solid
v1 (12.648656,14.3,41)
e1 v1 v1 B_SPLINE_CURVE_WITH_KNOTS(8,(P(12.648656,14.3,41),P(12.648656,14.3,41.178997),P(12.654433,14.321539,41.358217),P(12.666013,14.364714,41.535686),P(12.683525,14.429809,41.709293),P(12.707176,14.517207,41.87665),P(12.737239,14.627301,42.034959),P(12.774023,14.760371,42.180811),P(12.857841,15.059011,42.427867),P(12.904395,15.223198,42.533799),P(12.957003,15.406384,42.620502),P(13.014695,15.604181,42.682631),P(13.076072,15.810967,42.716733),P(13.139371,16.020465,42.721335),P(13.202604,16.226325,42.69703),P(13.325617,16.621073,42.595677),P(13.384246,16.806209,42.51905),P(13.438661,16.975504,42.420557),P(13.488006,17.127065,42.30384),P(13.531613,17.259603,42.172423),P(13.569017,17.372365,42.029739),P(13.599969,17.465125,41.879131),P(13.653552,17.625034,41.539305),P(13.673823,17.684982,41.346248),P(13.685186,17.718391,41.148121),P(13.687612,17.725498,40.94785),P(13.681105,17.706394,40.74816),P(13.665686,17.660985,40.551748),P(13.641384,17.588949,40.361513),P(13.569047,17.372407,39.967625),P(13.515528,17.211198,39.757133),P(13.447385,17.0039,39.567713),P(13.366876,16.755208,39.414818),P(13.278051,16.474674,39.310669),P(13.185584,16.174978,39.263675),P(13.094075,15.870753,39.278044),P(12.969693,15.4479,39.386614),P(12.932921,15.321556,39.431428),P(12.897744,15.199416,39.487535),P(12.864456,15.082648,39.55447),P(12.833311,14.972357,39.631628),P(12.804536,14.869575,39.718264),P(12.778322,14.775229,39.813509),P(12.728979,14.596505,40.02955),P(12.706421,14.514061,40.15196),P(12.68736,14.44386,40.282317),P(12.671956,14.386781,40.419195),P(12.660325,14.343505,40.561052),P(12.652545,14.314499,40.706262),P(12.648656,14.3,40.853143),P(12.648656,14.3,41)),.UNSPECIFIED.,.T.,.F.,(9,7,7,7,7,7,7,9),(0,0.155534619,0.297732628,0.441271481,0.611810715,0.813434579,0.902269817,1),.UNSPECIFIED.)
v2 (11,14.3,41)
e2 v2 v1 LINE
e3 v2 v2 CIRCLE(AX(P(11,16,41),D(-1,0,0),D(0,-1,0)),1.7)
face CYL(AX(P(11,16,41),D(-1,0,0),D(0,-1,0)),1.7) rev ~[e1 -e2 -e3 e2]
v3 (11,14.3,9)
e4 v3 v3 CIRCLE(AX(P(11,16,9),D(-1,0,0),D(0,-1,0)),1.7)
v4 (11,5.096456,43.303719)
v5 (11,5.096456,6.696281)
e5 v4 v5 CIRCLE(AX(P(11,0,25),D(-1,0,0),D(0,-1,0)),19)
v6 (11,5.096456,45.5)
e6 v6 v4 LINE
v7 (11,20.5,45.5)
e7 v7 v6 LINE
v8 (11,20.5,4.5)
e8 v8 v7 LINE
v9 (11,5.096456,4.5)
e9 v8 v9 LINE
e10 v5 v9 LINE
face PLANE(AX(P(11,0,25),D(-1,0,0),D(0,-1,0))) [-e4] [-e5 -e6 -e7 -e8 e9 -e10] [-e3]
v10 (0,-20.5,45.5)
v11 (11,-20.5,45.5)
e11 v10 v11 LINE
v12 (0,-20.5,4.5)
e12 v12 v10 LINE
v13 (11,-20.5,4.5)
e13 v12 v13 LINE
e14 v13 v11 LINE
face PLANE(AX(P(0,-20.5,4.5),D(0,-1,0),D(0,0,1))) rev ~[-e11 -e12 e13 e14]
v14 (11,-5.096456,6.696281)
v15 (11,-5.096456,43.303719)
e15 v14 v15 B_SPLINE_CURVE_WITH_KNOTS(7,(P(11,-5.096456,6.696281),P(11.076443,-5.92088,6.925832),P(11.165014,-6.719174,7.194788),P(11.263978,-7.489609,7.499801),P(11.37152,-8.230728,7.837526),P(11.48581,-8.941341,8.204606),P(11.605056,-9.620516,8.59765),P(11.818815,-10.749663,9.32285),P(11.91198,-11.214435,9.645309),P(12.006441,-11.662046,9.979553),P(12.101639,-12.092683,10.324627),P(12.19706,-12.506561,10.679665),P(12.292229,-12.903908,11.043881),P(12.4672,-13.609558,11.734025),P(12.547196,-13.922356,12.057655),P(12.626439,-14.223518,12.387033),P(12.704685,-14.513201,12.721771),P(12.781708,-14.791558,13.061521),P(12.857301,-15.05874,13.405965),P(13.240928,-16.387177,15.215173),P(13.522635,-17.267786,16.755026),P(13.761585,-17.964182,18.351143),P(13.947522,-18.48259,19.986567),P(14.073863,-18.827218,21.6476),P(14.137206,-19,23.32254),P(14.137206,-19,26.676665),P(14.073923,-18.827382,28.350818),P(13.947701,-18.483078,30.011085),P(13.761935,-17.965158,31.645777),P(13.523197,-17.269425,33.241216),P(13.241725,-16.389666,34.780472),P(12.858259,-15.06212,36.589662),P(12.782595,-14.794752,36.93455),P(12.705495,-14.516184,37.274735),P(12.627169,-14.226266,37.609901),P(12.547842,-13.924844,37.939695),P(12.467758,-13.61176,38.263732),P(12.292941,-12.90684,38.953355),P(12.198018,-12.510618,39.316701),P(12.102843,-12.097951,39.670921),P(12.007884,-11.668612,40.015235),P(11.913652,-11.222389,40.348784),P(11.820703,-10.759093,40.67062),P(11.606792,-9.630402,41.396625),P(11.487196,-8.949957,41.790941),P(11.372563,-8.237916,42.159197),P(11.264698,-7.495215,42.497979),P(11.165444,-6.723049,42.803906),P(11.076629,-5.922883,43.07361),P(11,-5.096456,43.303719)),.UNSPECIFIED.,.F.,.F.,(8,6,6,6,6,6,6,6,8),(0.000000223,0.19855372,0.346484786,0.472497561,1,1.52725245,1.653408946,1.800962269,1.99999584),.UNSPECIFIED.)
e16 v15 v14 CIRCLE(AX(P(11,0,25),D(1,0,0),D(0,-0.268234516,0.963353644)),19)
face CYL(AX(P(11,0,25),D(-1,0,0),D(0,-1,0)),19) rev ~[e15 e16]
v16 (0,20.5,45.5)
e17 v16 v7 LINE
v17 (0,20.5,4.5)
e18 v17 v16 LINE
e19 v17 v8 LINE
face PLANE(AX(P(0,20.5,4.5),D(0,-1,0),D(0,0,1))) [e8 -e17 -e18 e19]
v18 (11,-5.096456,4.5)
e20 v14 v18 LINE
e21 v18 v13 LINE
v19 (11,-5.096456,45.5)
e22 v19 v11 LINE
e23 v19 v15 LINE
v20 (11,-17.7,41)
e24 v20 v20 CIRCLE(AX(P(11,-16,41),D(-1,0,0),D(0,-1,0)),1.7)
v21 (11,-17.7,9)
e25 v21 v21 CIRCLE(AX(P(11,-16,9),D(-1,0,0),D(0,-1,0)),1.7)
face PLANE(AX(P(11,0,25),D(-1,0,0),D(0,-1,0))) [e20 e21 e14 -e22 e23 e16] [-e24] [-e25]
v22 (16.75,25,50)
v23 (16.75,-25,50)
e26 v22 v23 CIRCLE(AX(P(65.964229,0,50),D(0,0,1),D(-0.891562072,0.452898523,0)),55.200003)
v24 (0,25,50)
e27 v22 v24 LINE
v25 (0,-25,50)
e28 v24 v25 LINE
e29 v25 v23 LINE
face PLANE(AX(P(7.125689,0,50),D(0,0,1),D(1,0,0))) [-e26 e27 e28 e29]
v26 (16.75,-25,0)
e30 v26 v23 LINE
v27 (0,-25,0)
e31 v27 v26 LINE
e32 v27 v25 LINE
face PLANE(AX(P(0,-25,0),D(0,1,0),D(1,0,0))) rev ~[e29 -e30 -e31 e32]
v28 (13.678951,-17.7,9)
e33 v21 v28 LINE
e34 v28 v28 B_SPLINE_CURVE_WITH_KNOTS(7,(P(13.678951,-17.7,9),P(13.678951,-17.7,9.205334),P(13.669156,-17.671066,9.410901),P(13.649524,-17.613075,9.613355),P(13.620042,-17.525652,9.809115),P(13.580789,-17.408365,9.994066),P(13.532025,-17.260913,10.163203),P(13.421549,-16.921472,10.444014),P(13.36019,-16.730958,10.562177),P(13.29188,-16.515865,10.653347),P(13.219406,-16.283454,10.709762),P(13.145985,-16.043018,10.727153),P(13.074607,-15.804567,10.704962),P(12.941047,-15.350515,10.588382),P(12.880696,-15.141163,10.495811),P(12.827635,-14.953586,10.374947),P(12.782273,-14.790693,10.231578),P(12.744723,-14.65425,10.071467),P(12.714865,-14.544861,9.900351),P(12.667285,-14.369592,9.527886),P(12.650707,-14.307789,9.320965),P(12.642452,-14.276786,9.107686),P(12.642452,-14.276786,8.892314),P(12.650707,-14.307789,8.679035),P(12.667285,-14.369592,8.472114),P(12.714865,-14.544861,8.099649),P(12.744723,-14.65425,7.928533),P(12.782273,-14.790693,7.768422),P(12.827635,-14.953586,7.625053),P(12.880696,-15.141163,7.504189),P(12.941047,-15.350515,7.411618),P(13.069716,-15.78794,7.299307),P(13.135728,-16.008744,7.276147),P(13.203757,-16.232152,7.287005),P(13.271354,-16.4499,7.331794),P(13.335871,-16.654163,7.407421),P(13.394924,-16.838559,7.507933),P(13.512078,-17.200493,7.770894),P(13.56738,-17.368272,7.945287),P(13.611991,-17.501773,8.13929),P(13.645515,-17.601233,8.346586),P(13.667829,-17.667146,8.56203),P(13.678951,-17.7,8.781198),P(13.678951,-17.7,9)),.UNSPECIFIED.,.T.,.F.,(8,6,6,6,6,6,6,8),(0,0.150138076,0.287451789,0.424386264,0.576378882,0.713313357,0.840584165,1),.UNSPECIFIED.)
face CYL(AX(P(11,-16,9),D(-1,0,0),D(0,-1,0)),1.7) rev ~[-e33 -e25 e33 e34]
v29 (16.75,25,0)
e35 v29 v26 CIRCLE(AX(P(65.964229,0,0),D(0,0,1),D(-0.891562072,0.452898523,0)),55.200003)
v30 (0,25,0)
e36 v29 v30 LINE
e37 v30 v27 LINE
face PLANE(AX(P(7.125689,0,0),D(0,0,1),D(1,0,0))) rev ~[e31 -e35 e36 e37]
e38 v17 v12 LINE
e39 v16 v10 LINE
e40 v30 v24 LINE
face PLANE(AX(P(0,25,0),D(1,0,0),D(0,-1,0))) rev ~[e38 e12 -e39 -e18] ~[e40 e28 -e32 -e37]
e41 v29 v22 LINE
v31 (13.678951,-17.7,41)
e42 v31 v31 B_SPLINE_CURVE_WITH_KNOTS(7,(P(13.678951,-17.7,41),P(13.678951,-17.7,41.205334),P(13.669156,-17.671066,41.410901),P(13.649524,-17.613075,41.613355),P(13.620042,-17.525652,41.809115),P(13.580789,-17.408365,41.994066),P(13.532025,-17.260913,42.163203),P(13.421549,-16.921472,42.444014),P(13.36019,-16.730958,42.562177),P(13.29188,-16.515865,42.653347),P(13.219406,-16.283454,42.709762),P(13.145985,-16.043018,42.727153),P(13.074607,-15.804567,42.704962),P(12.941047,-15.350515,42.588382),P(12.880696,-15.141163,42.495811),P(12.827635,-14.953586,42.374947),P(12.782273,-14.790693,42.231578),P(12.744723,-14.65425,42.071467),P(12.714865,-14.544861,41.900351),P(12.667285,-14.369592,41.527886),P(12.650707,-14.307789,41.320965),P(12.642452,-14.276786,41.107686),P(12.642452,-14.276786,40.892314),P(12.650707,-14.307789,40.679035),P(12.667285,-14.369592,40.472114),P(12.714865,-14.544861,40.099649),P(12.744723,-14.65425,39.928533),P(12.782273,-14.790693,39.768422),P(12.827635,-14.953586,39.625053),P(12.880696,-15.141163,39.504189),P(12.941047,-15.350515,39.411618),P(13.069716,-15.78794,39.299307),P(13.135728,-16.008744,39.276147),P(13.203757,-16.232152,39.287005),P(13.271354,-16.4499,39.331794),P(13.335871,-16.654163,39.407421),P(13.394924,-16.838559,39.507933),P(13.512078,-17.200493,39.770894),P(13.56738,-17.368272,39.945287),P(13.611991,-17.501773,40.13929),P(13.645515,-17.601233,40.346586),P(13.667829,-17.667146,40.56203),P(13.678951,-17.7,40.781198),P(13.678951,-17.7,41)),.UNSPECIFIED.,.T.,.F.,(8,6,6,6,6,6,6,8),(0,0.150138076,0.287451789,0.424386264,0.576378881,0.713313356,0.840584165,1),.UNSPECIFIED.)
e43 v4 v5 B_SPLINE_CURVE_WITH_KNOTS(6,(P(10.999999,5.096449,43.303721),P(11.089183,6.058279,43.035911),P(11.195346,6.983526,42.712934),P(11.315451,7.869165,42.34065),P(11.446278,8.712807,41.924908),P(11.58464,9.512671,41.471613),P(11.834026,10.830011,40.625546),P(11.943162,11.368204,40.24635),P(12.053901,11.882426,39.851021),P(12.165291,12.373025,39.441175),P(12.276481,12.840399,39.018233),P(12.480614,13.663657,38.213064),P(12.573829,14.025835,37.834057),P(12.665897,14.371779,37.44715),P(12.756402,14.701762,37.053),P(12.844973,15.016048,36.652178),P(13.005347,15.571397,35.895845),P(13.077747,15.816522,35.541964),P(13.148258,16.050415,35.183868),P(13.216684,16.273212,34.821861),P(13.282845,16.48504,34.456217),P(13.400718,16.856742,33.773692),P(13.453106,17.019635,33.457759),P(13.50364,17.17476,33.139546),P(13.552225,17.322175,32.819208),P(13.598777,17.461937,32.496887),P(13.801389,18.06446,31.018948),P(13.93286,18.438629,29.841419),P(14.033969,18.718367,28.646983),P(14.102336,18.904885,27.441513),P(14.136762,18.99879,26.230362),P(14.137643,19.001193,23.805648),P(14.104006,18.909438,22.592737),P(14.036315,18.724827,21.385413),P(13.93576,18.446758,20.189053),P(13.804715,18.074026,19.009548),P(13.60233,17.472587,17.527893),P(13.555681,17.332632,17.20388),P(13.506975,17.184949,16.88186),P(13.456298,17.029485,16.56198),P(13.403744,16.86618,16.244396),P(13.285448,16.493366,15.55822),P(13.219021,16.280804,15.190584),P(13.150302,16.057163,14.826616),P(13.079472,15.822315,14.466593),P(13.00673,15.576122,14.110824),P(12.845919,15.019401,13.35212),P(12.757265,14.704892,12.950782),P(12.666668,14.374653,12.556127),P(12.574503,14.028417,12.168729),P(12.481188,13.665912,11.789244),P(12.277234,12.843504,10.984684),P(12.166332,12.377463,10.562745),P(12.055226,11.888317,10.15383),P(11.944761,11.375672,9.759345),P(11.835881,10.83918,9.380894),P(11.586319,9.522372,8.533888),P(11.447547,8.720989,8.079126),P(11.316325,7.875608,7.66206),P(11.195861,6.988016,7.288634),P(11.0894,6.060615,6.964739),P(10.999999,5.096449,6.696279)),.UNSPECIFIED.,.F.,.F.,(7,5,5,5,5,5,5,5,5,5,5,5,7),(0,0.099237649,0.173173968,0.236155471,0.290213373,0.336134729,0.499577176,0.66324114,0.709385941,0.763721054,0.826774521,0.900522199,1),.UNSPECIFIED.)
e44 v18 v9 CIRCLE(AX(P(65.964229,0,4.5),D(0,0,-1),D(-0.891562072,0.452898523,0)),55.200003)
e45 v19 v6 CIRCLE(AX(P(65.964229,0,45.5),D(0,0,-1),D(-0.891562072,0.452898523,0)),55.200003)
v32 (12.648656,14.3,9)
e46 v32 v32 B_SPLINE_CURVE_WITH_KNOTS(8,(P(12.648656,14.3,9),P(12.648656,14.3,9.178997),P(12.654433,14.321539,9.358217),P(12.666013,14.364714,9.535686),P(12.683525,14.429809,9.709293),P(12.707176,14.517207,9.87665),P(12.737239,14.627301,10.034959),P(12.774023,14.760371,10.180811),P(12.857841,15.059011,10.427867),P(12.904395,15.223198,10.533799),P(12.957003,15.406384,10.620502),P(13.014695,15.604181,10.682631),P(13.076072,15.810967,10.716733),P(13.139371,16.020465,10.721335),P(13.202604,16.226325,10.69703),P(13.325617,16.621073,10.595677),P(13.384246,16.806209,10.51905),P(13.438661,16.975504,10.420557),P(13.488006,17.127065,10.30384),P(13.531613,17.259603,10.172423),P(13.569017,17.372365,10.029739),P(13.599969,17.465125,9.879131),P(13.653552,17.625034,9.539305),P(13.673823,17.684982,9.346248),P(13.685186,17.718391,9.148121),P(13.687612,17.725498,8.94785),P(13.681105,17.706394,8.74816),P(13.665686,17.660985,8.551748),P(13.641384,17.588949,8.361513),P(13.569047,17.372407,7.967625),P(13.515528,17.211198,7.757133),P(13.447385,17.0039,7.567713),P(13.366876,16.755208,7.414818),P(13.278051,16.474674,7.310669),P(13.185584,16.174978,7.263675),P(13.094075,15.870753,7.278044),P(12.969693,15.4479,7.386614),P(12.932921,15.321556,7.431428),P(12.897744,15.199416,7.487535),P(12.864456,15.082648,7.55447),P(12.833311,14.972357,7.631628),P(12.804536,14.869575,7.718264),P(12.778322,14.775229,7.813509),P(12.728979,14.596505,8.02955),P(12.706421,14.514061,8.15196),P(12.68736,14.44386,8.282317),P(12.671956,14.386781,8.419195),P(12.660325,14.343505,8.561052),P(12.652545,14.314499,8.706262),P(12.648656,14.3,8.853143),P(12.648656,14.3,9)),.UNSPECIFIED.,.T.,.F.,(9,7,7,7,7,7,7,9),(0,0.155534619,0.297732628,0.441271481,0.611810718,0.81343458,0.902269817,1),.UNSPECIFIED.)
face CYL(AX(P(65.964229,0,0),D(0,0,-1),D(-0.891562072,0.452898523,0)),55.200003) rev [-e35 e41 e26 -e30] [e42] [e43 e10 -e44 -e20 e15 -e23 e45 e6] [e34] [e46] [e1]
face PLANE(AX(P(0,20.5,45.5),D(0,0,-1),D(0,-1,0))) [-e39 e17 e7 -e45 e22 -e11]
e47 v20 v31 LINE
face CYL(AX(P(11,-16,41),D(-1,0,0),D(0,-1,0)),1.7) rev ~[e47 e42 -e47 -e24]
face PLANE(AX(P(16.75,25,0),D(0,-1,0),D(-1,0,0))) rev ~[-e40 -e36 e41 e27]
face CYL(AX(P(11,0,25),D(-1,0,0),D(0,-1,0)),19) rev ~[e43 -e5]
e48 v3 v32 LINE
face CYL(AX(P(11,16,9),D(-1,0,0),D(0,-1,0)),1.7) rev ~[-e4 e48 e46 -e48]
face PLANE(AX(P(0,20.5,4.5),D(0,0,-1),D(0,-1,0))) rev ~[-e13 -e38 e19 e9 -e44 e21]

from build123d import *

# Parameters (mm, degrees)
PAD_DEPTH       = 50
SKETCH001_W     = 41
SKETCH001_H     = 41
POCKET_DEPTH    = 11
SKETCH002_R     = 1.7
SKETCH002_R_2   = 19
POCKET001_DEPTH = 5.751


with BuildPart() as part:
    # Sketch → Pad (new body)
    with BuildSketch(Plane.XY):
        with BuildLine():
            Line((16.75, 25), (0, 25))
            Line((0, 25), (0, -25))
            Line((0, -25), (16.75, -25))
            ThreePointArc((16.75, 25), (10.764226, 0), (16.75, -25))
        make_face()
    extrude(amount=PAD_DEPTH)

    # Sketch001 (on Face2 of Pad) → Pocket (cut)
    with BuildSketch(Plane(origin=(0, 0, 0), x_dir=(0, -1, 0), z_dir=(-1, 0, 0))):
        with Locations((0, 25)):
            Rectangle(SKETCH001_W, SKETCH001_H)
    extrude(amount=-POCKET_DEPTH, mode=Mode.SUBTRACT)

    # Sketch002 (on Face9 of Pocket) → Pocket001 (cut, through all)
    with BuildSketch(Plane(origin=(11, 0, 0), x_dir=(0, -1, 0), z_dir=(-1, 0, 0))):
        with Locations((-16, 41)):
            Circle(SKETCH002_R)
        with Locations((16, 41)):
            Circle(SKETCH002_R)
        with Locations((16, 9)):
            Circle(SKETCH002_R)
        with Locations((-16, 9)):
            Circle(SKETCH002_R)
        with Locations((0, 25)):
            Circle(SKETCH002_R_2)
    extrude(amount=-POCKET001_DEPTH, mode=Mode.SUBTRACT)


solid = part.part
